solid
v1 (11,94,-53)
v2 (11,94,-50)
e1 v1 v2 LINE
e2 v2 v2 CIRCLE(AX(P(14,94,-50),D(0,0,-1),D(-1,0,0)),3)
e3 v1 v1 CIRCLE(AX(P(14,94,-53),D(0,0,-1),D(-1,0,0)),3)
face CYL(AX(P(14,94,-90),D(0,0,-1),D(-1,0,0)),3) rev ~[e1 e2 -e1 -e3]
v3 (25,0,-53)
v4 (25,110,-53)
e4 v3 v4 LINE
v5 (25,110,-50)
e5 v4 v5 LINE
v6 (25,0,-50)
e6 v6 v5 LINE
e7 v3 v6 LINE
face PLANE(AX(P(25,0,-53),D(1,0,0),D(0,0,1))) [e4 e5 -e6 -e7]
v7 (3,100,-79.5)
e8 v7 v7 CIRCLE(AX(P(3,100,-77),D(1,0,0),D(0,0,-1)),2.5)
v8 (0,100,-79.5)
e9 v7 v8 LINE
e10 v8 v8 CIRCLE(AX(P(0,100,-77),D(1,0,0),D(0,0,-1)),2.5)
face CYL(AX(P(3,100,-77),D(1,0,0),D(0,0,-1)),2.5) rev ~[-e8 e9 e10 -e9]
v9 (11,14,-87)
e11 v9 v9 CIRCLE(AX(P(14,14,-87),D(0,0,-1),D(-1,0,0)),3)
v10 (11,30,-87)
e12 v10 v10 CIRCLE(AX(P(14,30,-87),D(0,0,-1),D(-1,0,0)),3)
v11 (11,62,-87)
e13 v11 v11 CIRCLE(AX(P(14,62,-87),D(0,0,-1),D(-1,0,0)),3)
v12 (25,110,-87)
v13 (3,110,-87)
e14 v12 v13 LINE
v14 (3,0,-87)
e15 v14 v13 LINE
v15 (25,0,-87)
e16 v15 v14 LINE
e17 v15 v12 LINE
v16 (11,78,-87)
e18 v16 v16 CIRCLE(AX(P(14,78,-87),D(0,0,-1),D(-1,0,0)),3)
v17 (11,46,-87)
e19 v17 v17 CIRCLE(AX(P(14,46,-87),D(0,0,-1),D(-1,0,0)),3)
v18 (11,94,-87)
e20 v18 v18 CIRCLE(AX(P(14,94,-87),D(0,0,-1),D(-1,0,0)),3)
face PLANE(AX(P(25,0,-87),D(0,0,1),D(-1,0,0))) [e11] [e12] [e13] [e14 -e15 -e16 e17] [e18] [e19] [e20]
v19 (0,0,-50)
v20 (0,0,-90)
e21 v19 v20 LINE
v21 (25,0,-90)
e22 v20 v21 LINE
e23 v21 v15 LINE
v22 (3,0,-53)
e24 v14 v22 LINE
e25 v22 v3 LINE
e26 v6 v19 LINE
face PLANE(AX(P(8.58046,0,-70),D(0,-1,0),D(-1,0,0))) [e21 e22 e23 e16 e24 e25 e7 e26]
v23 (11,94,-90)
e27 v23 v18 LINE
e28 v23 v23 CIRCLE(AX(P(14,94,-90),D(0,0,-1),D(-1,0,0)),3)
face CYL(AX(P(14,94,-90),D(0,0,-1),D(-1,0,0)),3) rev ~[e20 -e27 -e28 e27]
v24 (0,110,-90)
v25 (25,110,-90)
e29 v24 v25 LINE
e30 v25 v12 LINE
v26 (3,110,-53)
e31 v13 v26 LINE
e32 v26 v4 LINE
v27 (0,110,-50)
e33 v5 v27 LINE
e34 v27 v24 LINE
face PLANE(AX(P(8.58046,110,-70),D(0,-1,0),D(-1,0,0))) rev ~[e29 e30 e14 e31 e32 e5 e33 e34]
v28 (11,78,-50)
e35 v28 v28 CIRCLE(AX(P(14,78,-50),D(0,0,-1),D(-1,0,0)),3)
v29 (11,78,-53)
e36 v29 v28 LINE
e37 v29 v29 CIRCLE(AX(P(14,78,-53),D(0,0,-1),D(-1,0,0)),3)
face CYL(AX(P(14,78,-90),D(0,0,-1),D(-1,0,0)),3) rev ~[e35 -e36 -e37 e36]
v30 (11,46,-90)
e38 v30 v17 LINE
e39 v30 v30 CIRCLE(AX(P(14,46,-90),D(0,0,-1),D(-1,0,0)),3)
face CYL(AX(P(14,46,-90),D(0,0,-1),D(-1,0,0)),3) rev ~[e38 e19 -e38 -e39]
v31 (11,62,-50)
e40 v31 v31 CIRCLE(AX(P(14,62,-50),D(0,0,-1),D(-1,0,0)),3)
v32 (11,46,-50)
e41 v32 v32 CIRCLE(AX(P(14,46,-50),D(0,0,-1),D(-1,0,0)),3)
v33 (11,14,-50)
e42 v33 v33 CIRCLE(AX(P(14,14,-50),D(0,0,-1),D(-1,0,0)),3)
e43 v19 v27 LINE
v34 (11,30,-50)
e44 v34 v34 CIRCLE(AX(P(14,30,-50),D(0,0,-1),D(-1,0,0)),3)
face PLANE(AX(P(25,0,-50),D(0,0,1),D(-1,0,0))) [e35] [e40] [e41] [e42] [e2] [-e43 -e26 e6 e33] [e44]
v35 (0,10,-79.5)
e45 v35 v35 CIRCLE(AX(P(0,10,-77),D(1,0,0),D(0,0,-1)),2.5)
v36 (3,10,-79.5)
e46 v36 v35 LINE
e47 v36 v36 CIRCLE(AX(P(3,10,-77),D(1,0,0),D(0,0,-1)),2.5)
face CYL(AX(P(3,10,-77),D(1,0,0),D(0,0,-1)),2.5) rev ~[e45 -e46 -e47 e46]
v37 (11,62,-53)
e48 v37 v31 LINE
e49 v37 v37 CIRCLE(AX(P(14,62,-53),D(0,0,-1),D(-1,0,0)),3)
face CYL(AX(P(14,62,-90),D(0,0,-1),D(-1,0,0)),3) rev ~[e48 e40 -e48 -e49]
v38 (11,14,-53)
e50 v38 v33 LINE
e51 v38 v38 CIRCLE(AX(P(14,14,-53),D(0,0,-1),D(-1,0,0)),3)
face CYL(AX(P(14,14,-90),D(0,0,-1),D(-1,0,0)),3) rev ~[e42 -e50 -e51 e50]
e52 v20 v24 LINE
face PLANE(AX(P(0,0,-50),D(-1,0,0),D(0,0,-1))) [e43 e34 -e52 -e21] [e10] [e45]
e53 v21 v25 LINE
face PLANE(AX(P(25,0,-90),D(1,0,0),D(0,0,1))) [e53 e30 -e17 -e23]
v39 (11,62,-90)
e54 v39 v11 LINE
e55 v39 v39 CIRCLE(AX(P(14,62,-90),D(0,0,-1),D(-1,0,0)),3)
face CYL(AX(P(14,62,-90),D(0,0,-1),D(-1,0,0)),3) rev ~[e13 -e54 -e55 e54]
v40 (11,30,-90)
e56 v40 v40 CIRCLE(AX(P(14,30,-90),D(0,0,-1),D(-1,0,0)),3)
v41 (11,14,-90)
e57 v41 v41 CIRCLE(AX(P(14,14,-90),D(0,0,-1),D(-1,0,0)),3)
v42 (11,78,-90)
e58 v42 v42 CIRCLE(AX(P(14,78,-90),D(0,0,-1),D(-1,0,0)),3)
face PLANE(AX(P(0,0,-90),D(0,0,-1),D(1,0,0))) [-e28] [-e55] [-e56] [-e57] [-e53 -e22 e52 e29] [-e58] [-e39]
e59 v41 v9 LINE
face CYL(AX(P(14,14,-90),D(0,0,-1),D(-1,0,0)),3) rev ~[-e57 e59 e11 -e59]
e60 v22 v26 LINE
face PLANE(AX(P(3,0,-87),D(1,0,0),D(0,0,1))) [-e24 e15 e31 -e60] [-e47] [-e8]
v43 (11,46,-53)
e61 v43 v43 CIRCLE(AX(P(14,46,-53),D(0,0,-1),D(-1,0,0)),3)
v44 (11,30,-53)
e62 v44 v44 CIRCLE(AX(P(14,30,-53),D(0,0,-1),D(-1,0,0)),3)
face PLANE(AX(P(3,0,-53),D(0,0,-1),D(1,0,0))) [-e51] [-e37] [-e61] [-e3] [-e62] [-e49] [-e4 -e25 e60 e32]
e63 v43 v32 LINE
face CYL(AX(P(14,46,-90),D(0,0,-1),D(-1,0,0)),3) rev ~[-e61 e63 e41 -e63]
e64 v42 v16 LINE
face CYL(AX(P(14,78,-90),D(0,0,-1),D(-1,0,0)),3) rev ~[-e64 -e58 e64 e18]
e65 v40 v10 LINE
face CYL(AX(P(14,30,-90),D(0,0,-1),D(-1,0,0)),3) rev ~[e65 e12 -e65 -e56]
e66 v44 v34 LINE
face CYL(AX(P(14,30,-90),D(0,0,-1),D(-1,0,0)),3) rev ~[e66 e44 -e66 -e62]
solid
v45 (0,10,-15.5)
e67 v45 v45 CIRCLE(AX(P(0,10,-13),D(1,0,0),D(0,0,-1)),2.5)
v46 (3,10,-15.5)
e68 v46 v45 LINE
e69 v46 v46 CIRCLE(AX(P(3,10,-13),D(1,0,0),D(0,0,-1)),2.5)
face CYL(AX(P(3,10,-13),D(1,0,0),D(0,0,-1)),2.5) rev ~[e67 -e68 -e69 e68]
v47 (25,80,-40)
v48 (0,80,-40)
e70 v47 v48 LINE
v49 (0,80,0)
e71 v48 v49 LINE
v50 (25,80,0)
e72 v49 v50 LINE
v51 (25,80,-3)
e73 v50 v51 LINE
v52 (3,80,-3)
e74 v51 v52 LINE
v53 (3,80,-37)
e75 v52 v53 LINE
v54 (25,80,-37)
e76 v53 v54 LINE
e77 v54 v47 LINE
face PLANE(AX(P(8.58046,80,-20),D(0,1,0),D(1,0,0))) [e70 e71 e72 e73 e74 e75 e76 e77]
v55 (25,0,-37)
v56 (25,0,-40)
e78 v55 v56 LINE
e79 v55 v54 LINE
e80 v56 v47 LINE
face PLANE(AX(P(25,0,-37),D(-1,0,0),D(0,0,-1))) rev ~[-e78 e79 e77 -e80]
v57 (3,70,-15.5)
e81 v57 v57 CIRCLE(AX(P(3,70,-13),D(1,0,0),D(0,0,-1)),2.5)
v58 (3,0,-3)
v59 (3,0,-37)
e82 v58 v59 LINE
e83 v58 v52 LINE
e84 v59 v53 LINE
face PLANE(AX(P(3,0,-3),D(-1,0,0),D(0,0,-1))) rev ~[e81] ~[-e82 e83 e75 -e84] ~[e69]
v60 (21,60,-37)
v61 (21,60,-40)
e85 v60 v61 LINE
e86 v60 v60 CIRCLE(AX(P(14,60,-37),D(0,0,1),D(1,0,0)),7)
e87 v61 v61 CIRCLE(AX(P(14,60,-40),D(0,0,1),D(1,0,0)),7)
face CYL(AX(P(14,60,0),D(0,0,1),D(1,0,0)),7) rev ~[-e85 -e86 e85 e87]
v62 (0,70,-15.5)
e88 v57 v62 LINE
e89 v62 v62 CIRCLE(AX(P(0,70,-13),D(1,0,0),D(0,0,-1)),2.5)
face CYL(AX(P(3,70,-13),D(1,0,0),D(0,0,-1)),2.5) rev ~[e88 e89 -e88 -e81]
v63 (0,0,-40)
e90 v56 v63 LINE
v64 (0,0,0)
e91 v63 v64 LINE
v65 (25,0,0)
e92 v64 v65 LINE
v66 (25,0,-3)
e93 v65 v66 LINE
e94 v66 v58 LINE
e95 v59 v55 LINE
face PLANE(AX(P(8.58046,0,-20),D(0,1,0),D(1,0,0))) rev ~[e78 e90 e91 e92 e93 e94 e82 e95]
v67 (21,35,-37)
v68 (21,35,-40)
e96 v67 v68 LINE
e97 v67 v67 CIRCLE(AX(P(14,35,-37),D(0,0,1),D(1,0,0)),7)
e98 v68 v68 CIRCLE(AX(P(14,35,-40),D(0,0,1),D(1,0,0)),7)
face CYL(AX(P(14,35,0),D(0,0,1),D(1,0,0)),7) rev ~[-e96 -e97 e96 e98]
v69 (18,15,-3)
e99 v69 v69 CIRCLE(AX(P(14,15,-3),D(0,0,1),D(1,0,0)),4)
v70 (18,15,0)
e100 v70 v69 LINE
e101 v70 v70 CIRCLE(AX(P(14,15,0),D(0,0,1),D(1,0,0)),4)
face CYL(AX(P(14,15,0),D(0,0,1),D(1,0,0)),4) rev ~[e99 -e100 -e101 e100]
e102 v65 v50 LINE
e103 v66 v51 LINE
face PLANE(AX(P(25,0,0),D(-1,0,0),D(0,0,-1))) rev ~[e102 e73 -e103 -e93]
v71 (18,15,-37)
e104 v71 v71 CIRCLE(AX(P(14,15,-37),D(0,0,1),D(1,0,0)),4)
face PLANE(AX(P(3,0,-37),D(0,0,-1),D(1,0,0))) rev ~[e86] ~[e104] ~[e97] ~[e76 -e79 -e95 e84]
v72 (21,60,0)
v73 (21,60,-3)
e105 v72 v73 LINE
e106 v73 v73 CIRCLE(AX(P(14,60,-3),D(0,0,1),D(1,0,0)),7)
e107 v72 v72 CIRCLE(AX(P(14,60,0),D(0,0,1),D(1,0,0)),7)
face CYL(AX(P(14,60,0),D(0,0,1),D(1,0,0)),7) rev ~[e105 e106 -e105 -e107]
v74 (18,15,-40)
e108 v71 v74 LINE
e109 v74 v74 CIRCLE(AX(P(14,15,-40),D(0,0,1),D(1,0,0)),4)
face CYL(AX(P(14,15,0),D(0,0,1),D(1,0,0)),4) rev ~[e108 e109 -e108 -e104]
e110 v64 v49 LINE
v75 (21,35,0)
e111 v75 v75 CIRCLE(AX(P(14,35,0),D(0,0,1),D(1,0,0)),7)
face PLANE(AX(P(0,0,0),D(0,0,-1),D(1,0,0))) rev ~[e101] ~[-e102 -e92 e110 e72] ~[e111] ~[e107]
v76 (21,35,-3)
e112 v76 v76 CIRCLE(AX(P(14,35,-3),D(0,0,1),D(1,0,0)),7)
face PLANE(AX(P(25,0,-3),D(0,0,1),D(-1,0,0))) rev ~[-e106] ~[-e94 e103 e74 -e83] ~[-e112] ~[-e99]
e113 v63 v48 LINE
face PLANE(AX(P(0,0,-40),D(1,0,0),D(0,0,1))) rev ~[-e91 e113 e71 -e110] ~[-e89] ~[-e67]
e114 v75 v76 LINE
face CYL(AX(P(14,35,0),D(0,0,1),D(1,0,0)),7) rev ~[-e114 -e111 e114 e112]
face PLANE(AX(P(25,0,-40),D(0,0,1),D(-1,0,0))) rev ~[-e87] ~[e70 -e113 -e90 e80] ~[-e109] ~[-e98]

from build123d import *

# Parameters (mm, degrees)
EXTRUDE_2_DEPTH     = 80
EXTRUDE_3_DEPTH     = 110
SKETCH_6_R          = 7
SKETCH_6_R_2        = 4
CUT_EXTRUDE_2_DEPTH = 40
SKETCH_7_R          = 3
CUT_EXTRUDE_3_DEPTH = 40
SKETCH_8_R          = 2.5
CUT_EXTRUDE_4_DEPTH = 40


with BuildPart() as part:
    # 스케치1 → 보스-돌출2 (new body)
    with BuildSketch(Plane(origin=(0, 0, 0), x_dir=(1, 0, 0), z_dir=(0, 1, 0))):
        Polygon((0, 0), (25, 0), (25, 3), (3, 3), (3, 37), (25, 37), (25, 40), (0, 40), align=None)
    extrude(amount=EXTRUDE_2_DEPTH)

    # 스케치6 → 컷-돌출2 (cut)
    with BuildSketch(Plane.XY):
        with Locations((14, 60)):
            Circle(SKETCH_6_R)
        with Locations((14, 35)):
            Circle(SKETCH_6_R)
        with Locations((14, 15)):
            Circle(SKETCH_6_R_2)
    extrude(amount=-CUT_EXTRUDE_2_DEPTH, mode=Mode.SUBTRACT)


with BuildPart() as body_2:
    # 스케치1<4> → 보스-돌출3 (new body)
    with BuildSketch(Plane(origin=(0, 0, 0), x_dir=(1, 0, 0), z_dir=(0, 1, 0))):
        Polygon((25, 90), (25, 87), (3, 87), (3, 53), (25, 53), (25, 50), (0, 50), (0, 90), align=None)
    extrude(amount=EXTRUDE_3_DEPTH)

    # 스케치7 → 컷-돌출3 (cut)
    with BuildSketch(Plane(origin=(0, 0, -90), x_dir=(-1, 0, 0), z_dir=(0, 0, -1))):
        with Locations((-14, 94)):
            Circle(SKETCH_7_R)
        with Locations((-14, 78)):
            Circle(SKETCH_7_R)
        with Locations((-14, 62)):
            Circle(SKETCH_7_R)
        with Locations((-14, 46)):
            Circle(SKETCH_7_R)
        with Locations((-14, 30)):
            Circle(SKETCH_7_R)
        with Locations((-14, 14)):
            Circle(SKETCH_7_R)
    extrude(amount=-CUT_EXTRUDE_3_DEPTH, mode=Mode.SUBTRACT)


with BuildPart() as cut_extrude_4_tool:
    # 스케치8 → 컷-돌출4 (new body)
    with BuildSketch(Plane(origin=(3, 0, 0), x_dir=(0, 0, -1), z_dir=(1, 0, 0))):
        with Locations((77, 100)):
            Circle(SKETCH_8_R)
        with Locations((77, 10)):
            Circle(SKETCH_8_R)
        with Locations((13, 10)):
            Circle(SKETCH_8_R)
        with Locations((13, 70)):
            Circle(SKETCH_8_R)
    extrude(amount=-CUT_EXTRUDE_4_DEPTH)


with BuildPart() as part_1:
    add(part.part)

    # 컷-돌출4: cut by cut_extrude_4_tool
    add(cut_extrude_4_tool.part, mode=Mode.SUBTRACT)


with BuildPart() as body_2_1:
    add(body_2.part)

    # 컷-돌출4: cut by cut_extrude_4_tool
    add(cut_extrude_4_tool.part, mode=Mode.SUBTRACT)


solid = Compound([part_1.part, body_2_1.part])
